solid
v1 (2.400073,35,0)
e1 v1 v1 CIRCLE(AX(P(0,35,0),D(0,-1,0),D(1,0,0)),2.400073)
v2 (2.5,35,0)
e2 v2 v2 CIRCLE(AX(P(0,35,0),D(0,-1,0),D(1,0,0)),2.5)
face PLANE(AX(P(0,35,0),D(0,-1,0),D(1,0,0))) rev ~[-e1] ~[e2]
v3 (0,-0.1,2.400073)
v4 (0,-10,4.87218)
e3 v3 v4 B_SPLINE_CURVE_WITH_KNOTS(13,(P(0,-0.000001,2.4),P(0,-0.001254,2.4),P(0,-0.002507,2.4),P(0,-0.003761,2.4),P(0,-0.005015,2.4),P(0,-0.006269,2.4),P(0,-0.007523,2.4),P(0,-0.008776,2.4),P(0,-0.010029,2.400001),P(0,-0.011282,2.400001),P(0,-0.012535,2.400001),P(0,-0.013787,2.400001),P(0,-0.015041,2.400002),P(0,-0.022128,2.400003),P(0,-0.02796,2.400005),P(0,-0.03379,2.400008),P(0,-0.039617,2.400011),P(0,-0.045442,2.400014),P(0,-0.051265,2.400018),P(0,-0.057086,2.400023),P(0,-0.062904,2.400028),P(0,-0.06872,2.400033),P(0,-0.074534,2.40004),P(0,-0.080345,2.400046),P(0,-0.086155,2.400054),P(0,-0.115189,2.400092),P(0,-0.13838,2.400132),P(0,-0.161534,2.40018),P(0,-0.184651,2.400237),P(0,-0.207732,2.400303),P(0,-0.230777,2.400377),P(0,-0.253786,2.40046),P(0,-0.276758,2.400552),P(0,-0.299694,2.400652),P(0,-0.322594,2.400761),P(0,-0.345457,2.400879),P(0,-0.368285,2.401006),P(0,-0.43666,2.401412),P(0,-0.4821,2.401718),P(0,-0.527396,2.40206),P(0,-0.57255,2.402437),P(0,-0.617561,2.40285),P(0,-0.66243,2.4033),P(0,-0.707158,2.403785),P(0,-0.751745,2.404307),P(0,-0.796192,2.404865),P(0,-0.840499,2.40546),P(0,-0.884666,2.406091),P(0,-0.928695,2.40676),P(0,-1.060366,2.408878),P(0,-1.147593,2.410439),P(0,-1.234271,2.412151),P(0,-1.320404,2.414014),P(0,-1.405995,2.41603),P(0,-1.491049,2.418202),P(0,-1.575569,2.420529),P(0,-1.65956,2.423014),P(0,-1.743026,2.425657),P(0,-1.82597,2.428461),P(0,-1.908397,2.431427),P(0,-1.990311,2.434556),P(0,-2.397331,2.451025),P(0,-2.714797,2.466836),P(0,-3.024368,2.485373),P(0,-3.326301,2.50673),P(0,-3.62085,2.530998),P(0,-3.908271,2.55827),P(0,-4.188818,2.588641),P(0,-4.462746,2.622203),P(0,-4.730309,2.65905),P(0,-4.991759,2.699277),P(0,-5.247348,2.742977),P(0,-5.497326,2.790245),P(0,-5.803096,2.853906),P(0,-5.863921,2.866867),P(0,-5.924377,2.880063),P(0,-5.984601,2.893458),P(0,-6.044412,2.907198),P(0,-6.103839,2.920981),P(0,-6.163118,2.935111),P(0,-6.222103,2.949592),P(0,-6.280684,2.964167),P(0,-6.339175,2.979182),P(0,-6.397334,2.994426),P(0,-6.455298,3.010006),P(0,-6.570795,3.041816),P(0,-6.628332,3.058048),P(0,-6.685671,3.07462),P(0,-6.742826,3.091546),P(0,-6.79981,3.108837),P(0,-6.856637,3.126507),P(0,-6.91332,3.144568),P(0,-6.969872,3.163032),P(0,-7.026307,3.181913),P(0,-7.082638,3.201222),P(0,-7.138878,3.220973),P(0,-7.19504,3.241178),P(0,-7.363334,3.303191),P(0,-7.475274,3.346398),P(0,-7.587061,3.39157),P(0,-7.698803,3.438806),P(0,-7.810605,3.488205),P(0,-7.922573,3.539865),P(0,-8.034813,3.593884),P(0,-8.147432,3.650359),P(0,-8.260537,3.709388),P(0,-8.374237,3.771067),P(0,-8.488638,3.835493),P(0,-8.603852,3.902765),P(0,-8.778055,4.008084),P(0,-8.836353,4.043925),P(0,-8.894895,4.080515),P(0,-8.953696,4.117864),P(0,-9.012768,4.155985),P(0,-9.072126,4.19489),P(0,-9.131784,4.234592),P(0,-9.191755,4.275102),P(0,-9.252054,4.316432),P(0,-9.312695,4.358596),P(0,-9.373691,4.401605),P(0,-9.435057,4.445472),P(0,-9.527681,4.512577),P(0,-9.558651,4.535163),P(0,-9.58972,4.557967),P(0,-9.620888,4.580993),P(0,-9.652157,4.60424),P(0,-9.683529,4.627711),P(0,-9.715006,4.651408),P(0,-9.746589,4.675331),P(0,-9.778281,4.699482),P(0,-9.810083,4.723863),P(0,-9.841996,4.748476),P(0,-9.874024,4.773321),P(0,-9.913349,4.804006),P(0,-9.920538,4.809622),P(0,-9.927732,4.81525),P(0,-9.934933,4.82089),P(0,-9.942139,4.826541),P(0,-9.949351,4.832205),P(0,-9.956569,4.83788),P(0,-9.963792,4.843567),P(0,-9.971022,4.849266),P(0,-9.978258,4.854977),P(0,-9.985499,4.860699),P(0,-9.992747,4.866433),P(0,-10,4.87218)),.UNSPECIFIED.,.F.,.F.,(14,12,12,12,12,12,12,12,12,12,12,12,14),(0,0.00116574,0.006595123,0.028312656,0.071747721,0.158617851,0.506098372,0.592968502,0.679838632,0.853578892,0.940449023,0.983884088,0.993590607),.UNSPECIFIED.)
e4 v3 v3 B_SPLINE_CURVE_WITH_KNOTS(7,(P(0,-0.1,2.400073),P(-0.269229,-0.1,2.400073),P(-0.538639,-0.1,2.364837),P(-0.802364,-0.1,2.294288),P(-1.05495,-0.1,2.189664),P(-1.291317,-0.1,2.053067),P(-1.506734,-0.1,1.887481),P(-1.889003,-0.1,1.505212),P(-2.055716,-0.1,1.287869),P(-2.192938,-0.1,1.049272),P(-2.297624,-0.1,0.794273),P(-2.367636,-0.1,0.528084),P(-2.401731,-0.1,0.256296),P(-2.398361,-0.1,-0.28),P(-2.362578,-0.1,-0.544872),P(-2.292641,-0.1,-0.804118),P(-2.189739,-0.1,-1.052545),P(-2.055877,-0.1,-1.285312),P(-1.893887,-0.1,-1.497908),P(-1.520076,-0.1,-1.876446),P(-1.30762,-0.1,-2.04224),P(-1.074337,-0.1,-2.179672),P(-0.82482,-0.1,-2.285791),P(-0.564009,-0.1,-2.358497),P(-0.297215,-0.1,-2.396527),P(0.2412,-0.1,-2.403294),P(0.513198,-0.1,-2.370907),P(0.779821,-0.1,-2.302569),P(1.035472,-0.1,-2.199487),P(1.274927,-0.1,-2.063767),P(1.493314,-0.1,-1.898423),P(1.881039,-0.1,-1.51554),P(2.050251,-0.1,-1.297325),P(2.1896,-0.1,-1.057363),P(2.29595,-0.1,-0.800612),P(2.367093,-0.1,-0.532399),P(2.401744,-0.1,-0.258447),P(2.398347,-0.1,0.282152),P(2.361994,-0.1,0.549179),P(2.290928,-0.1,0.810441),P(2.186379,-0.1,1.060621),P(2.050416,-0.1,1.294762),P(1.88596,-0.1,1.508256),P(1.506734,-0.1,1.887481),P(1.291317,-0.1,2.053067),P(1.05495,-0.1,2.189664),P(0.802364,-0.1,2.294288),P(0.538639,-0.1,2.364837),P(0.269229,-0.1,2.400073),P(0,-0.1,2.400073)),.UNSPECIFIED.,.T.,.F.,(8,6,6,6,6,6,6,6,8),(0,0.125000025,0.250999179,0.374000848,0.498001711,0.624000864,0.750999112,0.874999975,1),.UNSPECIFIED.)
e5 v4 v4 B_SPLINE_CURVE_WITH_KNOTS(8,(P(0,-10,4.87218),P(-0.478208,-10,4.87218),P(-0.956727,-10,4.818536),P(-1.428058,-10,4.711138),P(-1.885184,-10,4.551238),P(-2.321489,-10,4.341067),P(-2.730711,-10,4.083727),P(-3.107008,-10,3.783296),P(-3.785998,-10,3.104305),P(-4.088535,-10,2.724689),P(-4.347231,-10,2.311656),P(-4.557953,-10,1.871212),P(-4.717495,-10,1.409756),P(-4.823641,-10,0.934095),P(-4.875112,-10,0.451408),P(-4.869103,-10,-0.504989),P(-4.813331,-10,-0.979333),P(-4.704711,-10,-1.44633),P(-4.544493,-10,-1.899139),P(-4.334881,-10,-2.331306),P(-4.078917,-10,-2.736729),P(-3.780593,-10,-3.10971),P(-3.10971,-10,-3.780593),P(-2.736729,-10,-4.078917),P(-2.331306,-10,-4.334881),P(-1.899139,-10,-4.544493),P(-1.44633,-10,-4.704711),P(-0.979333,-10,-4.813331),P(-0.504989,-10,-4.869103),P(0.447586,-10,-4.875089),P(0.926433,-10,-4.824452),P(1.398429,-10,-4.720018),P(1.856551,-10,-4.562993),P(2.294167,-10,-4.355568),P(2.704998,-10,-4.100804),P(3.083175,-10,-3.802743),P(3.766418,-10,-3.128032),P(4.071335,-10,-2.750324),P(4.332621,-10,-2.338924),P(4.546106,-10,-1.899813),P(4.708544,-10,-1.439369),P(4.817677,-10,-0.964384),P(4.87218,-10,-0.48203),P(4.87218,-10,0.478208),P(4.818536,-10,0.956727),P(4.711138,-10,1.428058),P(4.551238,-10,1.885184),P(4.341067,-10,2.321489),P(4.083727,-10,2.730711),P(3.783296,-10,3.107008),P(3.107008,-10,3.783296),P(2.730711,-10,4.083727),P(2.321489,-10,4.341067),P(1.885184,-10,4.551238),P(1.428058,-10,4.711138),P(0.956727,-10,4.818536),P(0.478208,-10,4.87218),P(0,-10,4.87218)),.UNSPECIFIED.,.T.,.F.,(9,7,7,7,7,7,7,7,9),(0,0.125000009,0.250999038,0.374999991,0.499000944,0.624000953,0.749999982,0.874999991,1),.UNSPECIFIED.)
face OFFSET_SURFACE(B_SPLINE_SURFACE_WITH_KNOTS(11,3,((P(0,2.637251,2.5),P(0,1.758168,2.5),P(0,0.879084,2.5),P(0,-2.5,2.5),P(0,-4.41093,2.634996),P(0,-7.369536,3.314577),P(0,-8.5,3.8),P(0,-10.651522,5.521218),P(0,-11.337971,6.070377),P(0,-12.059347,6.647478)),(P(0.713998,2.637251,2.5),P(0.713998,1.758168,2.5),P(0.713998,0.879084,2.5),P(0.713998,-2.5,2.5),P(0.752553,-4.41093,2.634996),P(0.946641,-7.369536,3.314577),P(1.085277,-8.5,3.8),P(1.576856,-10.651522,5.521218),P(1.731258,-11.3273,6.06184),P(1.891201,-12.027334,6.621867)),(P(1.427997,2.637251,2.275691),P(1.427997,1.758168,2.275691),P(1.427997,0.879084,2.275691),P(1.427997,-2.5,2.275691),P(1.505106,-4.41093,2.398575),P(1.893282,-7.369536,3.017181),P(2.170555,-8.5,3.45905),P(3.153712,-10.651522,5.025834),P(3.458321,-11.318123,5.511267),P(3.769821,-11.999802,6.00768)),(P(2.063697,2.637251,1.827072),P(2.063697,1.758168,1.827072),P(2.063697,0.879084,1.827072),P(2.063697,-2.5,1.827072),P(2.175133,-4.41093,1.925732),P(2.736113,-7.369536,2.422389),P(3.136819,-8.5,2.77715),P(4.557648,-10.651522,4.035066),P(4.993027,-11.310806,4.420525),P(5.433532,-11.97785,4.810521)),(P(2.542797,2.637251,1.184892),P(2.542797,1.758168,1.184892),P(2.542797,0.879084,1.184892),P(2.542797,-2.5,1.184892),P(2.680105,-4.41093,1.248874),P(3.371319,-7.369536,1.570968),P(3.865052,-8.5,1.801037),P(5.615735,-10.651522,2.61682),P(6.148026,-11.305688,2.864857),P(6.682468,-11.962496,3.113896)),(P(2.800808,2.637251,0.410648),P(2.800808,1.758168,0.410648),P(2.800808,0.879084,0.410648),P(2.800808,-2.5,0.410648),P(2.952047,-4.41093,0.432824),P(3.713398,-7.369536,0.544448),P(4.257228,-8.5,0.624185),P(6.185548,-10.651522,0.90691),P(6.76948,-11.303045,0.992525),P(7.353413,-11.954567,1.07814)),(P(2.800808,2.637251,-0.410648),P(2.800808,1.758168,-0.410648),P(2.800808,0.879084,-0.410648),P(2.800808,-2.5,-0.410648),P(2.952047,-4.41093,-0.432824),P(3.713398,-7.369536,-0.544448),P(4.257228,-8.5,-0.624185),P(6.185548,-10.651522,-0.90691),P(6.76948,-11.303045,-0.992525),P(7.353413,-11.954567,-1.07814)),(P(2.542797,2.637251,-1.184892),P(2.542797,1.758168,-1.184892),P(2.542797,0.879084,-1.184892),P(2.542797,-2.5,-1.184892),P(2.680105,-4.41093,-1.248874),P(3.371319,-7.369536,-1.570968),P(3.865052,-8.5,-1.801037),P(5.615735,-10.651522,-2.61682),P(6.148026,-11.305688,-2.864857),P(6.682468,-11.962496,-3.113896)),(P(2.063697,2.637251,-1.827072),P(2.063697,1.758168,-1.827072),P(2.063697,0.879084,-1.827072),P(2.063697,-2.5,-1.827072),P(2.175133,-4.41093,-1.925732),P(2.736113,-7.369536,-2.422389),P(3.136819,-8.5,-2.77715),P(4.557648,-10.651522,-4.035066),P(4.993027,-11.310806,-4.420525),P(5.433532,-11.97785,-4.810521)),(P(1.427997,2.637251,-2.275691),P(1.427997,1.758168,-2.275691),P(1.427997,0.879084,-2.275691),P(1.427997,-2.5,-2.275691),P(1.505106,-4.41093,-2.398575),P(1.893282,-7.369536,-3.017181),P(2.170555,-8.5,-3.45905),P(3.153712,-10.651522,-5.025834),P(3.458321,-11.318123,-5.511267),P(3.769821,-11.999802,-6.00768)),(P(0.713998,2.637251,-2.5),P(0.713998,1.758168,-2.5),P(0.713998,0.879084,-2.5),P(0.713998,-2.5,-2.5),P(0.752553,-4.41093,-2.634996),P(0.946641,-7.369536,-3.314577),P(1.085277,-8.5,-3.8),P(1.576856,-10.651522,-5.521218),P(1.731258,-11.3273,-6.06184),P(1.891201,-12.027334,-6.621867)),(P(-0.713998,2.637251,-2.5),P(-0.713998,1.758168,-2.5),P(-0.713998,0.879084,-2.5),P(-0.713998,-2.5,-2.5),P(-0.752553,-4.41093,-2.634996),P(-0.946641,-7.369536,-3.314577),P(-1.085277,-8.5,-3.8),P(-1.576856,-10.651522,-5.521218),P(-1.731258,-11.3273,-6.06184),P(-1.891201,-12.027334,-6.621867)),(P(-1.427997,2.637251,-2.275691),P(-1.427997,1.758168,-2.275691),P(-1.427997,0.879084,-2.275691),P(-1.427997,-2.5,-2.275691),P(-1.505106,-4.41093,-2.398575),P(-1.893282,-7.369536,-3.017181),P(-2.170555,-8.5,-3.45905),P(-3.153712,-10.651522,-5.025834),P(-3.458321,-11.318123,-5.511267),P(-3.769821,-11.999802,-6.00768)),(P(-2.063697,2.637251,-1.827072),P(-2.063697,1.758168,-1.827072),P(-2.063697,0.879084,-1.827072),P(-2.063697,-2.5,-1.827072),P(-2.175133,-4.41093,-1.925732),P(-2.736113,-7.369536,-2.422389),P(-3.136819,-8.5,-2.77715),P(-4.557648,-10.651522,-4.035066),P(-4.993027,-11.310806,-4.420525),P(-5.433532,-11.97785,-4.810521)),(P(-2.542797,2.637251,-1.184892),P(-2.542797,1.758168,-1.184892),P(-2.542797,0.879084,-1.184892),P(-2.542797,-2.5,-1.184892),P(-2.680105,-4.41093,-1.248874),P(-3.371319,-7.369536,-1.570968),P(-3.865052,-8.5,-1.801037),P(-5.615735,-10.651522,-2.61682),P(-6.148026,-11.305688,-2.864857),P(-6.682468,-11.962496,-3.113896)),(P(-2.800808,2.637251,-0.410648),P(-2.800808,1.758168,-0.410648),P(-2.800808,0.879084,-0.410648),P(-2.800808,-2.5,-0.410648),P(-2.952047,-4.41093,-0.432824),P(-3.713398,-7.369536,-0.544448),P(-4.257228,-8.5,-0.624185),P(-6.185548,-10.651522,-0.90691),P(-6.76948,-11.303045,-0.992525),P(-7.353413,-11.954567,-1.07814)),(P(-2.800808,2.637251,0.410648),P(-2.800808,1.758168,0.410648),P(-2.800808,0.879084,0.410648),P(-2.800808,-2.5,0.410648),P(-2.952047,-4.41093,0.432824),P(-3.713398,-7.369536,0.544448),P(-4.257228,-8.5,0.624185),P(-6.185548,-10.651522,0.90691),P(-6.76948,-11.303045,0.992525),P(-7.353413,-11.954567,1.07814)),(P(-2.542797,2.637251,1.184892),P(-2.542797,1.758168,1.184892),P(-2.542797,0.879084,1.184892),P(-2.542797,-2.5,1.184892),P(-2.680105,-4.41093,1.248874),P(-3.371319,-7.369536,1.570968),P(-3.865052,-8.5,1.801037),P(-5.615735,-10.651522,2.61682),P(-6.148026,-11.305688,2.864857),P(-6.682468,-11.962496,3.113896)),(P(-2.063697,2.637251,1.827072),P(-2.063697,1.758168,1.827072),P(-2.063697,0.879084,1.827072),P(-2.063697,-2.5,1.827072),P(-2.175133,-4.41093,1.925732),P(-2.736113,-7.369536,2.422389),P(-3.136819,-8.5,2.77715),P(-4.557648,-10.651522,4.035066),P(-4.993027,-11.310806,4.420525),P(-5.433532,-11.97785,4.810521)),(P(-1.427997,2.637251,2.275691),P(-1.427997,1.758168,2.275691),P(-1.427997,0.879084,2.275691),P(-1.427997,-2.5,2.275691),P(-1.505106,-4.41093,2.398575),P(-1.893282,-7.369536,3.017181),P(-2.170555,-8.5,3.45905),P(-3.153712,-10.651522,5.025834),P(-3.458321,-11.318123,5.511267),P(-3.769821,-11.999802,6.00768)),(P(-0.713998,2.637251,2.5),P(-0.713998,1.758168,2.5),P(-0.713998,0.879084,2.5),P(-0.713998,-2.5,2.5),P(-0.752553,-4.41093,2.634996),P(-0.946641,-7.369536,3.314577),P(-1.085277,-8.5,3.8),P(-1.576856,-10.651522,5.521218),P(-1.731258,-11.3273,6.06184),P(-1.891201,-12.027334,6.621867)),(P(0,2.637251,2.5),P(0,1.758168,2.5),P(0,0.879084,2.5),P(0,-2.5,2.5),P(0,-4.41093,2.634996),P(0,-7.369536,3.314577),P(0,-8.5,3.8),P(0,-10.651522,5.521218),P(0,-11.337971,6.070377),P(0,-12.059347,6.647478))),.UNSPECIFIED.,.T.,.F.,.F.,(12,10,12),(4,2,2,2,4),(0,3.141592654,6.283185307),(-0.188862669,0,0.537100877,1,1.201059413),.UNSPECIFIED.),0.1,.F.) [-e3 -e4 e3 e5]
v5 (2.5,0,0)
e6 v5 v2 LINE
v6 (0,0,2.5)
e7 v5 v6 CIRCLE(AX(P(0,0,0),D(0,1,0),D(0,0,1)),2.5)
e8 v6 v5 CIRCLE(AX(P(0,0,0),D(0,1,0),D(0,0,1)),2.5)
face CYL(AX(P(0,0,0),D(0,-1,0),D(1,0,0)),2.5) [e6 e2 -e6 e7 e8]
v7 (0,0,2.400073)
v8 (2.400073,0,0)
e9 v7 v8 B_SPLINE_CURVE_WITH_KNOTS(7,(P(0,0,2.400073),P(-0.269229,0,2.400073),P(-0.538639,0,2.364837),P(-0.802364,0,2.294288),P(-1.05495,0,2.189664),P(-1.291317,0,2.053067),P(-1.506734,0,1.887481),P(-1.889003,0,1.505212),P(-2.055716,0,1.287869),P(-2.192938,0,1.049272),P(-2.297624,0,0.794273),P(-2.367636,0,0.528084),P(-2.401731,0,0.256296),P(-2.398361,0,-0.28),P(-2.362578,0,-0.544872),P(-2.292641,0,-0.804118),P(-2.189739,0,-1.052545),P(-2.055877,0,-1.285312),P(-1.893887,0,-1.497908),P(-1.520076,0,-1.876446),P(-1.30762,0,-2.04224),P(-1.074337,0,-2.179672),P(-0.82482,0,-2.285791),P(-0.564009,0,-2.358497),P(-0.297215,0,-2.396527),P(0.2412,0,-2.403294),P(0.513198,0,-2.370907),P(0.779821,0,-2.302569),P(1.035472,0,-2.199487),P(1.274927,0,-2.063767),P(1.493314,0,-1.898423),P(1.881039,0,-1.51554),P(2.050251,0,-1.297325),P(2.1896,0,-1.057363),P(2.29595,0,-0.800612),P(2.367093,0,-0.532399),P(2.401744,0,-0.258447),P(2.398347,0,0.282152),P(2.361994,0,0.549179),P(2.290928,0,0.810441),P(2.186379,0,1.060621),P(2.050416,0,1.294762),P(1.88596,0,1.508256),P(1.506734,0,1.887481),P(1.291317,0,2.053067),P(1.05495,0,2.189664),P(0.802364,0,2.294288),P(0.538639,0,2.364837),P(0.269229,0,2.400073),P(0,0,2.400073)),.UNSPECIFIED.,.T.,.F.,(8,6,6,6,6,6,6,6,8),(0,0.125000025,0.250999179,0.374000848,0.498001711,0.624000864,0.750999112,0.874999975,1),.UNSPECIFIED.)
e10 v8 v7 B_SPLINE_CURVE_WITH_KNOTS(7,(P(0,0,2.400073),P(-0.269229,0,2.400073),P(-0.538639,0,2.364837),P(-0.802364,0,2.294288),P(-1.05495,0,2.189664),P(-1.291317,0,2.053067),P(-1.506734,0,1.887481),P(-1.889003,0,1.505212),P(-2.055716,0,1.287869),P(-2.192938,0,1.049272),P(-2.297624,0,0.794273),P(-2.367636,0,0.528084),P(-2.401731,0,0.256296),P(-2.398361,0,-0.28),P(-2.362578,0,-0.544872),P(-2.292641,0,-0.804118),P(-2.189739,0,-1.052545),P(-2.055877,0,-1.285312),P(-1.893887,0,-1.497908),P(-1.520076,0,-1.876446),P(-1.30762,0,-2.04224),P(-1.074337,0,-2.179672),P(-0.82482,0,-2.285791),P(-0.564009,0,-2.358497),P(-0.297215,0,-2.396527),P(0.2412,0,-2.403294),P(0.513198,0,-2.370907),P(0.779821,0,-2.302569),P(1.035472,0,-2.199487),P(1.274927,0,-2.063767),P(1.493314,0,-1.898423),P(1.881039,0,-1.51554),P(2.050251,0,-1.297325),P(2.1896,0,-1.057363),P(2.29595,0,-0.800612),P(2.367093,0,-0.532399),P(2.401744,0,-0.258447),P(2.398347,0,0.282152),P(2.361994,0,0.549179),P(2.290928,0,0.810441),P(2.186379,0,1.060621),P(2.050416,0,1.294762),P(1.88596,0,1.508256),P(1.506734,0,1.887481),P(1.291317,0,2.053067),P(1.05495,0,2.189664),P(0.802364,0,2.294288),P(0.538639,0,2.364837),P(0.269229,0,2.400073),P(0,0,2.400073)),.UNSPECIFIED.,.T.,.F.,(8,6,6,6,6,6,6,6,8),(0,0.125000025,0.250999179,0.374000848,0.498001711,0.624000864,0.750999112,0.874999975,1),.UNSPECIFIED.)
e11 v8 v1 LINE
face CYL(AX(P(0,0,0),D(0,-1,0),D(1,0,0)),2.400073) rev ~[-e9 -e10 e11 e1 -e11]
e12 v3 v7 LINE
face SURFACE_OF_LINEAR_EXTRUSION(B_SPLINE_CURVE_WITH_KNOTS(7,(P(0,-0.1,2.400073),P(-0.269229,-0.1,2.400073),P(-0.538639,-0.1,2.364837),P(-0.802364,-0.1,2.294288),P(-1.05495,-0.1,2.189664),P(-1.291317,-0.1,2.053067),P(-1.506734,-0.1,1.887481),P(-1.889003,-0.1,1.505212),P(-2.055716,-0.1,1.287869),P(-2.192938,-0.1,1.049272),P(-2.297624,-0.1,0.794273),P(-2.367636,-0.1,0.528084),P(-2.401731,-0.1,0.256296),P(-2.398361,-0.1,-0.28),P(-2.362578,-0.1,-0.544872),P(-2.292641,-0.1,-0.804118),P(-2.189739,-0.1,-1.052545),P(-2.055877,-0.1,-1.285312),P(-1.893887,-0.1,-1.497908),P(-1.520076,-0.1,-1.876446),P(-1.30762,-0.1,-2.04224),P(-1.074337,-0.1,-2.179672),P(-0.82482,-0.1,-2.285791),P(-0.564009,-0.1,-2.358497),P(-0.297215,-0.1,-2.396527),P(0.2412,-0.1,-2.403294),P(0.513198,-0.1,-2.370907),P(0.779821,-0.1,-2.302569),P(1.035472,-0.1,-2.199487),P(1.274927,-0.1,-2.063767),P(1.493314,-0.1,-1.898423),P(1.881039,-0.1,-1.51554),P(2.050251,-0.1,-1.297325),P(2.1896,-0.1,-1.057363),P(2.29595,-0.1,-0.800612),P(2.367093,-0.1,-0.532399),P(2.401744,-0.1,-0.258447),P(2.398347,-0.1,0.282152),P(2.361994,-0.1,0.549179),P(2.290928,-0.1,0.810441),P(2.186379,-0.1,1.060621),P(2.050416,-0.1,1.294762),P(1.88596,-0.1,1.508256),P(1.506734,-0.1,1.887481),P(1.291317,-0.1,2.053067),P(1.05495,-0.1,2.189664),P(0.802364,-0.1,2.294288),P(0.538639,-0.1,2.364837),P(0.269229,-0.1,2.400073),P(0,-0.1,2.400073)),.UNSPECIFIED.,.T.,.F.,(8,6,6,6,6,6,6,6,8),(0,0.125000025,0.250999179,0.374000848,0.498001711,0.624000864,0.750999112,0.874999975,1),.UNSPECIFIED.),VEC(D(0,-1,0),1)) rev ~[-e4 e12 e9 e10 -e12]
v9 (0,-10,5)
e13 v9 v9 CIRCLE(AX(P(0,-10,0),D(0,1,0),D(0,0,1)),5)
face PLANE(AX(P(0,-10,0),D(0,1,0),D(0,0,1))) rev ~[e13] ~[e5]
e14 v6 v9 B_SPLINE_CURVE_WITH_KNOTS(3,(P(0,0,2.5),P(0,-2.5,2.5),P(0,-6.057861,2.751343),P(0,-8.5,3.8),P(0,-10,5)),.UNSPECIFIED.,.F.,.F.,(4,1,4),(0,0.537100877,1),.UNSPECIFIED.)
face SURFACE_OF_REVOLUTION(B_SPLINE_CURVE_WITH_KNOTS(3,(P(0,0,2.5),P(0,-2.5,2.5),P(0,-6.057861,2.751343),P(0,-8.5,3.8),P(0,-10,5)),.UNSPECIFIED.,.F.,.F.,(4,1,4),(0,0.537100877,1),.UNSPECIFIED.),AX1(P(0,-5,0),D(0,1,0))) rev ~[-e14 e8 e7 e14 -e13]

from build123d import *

# Parameters (mm, degrees)
F2_T     = -0.1
F3_DEPTH = 0.1
F4_R     = 2.5
F4_R_2   = 2.400072574
F5_DEPTH = 35


with BuildPart() as f1:
    # F0 (on Right) → F1 (revolve)
    with BuildSketch(Plane.YZ):
        with BuildLine():
            Line((0, 0), (0, 2.5))
            add(Edge.make_bspline(
                [(0, 2.5), (-2.5, 2.5), (-6.0578610012, 2.7513427523), (-8.5, 3.8), (-10, 5)],
                knots=[0, 0, 0, 0, 0.5371008772, 1, 1, 1, 1], degree=3))
            Line((-10, 5), (-10, 0))
            Line((-10, 0), (0, 0))
        make_face()
    revolve(axis=Axis((0, -5, 0), (0, 1, 0)))

    # F2
    f2_openings = [f1.faces().sort_by_distance(p)[0] for p in [
        (0, -10, 0),
    ]]
    offset(amount=F2_T, openings=f2_openings)

    # F3 (cut, through all): a face of the model
    f3_faces = [f1.faces().sort_by_distance(p)[0] for p in [
        (4.5393e-06, -0.1, -5.4854e-06),
    ]]
    extrude(f3_faces, amount=-F3_DEPTH, mode=Mode.SUBTRACT)

    # F4 (on Front) → F5 (join)
    with BuildSketch(Plane.XZ):
        Circle(F4_R)
        Circle(F4_R_2, mode=Mode.SUBTRACT)
    extrude(amount=-F5_DEPTH)


solid = f1.part
